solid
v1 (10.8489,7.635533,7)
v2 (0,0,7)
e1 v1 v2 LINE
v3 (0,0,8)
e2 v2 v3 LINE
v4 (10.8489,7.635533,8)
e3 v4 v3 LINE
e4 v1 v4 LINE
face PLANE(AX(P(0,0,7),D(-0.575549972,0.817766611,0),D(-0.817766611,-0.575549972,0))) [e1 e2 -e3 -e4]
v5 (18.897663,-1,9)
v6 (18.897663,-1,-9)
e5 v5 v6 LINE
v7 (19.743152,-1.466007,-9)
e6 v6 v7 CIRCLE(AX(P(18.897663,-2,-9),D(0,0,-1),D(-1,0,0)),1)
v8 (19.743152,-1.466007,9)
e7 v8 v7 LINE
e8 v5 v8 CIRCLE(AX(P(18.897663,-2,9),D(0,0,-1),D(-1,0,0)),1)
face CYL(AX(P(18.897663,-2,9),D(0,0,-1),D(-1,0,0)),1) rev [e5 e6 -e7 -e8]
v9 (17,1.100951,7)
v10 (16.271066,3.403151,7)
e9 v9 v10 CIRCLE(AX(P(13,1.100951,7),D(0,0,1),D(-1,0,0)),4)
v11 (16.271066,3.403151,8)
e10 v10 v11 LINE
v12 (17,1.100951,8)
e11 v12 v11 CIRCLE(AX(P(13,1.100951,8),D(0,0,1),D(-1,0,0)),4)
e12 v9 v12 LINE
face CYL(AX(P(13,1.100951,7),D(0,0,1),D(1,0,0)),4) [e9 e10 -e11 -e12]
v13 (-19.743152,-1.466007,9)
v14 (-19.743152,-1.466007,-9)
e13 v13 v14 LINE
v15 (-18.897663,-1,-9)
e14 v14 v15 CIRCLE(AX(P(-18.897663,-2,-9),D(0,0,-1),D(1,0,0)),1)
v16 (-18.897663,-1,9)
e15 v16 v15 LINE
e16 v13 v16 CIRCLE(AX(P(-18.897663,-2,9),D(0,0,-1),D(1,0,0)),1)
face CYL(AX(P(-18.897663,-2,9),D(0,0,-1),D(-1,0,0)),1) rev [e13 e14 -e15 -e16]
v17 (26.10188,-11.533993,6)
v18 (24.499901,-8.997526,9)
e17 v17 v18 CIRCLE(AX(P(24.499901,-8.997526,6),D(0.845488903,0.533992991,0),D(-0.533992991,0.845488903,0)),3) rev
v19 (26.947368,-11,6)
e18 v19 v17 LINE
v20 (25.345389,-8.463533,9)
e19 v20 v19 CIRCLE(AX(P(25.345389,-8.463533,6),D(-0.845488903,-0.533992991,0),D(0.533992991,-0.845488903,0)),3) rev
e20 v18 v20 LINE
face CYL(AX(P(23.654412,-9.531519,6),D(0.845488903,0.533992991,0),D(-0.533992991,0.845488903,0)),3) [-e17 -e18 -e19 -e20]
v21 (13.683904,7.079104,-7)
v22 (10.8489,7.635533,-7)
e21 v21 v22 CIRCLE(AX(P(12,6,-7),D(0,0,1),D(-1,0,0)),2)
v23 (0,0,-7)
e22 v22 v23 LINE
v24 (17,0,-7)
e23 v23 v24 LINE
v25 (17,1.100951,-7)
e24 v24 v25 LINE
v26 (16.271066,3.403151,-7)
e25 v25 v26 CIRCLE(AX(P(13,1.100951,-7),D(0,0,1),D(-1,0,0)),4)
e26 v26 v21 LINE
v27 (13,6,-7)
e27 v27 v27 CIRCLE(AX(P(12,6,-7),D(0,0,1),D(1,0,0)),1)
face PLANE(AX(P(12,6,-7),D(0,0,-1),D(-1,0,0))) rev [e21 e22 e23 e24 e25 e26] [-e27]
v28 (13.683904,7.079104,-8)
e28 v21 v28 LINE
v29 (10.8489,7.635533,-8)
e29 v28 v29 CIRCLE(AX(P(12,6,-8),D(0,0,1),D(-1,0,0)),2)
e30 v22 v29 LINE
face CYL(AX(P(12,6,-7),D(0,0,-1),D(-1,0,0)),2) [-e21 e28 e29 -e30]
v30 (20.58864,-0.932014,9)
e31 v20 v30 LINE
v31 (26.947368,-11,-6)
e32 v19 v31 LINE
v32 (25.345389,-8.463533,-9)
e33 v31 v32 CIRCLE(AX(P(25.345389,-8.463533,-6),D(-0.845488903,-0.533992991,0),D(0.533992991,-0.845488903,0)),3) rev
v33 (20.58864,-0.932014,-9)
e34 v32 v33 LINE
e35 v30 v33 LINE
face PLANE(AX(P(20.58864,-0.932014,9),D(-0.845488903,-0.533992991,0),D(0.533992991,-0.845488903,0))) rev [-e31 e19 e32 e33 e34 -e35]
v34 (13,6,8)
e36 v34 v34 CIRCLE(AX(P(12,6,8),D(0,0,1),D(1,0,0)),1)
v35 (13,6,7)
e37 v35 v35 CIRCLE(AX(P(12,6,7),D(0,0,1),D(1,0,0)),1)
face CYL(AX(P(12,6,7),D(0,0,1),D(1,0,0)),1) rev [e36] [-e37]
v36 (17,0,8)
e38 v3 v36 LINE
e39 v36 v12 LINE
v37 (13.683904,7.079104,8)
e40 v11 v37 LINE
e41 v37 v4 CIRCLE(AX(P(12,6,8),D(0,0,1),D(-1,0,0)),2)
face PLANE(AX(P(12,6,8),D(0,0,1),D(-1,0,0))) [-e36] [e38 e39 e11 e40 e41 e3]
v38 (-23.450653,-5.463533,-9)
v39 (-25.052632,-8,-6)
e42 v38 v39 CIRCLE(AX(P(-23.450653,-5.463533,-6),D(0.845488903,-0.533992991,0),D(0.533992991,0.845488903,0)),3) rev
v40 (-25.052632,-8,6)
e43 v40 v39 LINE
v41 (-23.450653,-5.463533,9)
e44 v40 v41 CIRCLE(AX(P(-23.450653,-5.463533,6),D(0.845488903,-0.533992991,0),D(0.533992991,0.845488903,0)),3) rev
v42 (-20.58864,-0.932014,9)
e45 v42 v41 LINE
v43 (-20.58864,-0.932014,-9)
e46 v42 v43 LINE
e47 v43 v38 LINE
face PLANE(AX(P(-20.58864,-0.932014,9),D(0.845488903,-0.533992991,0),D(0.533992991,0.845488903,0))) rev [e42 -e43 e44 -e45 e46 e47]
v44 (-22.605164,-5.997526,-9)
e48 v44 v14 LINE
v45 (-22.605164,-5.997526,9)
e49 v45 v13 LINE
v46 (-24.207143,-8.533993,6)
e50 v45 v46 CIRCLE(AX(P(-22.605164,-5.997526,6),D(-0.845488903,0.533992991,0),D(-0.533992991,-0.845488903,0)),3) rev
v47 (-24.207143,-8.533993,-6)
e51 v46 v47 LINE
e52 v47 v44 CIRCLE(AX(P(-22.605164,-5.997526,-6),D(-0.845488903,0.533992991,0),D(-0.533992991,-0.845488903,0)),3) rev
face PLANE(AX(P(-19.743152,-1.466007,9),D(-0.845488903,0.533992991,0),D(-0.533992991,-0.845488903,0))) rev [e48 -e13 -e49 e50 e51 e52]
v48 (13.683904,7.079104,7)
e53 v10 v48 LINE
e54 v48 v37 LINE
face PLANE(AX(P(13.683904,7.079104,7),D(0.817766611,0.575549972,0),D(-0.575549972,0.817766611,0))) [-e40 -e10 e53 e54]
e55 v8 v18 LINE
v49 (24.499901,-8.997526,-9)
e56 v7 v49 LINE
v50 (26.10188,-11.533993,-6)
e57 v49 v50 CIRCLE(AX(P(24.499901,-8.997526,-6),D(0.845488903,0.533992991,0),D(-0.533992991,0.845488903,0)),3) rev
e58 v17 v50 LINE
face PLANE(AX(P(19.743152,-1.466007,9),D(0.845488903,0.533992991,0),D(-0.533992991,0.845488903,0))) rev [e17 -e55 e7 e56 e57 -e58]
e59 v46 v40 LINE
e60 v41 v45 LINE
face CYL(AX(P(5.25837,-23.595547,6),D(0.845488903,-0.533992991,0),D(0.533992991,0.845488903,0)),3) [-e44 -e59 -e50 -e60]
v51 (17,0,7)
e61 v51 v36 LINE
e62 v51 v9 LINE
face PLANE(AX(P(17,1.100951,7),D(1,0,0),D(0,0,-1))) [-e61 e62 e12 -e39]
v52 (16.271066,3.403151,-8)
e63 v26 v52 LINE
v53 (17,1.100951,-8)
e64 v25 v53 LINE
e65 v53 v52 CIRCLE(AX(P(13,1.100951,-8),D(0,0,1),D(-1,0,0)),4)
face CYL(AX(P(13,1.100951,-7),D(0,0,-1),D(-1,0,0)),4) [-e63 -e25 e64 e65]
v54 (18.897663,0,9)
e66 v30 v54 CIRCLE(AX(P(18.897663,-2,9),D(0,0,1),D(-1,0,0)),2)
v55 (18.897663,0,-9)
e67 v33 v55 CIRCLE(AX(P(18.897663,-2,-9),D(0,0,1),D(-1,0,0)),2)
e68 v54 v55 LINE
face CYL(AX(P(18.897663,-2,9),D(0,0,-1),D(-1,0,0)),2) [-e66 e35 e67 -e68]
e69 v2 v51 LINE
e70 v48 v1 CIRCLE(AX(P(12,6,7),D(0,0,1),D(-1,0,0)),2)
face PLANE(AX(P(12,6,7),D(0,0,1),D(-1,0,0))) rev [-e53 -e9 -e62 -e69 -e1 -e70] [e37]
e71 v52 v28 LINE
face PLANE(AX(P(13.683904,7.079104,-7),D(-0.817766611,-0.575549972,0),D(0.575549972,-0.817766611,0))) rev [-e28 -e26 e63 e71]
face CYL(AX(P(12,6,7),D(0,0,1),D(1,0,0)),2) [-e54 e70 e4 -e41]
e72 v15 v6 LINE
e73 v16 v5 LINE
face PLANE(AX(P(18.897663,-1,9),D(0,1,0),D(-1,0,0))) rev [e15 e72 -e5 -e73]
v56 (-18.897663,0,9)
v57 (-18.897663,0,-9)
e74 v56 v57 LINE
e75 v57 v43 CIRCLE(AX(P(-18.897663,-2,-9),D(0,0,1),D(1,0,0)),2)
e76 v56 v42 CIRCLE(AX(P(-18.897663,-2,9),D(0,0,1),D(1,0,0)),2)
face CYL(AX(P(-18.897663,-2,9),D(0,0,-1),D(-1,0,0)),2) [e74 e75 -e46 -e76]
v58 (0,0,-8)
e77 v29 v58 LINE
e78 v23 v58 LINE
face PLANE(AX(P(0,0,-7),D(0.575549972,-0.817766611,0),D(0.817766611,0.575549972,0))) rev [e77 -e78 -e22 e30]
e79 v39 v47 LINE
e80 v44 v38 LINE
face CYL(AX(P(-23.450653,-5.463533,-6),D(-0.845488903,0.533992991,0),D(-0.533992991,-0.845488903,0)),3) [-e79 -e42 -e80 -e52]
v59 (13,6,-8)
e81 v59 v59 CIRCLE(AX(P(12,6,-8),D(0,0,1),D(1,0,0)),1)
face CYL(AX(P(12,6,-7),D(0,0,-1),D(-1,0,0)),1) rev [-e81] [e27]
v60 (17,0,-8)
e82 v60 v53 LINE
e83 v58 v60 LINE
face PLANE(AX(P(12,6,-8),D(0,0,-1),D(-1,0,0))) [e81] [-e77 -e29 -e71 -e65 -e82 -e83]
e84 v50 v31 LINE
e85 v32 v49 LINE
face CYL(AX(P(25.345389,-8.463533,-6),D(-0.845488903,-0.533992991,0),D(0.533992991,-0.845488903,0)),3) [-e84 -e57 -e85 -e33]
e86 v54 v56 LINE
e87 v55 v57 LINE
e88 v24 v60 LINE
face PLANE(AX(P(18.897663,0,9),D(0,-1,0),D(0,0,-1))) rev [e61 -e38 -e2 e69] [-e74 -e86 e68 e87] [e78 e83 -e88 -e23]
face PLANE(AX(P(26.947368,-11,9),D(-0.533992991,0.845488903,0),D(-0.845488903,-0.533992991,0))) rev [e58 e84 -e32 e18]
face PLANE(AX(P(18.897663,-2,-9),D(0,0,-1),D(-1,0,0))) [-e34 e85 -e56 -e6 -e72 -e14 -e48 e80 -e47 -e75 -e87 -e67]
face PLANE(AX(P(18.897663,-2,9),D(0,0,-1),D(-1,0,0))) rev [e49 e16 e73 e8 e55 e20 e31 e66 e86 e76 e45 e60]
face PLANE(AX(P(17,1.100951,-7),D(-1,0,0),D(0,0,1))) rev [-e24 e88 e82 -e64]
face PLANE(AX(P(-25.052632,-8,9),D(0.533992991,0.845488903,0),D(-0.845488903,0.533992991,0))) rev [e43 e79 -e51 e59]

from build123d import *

# Parameters (mm, degrees)
BOSS_EXTRUDE1_DEPTH = 9
BOSS_EXTRUDE2_START = -8
SKETCH3_R           = 1
BOSS_EXTRUDE2_DEPTH = 1
FILLET3_R           = 3


with BuildPart() as part:
    # Sketch1 → Boss-Extrude1 (new, symmetric)
    with BuildSketch(Plane.XY):
        with BuildLine():
            Line((18.897662626, 0), (-18.897662626, 0))
            ThreePointArc((-18.897662626, 0), (-19.863071357, -0.248433278), (-20.588640432, -0.932014017))
            Line((-20.588640432, -0.932014017), (-25.052631579, -8))
            Line((-25.052631579, -8), (-24.207142676, -8.533992991))
            Line((-24.207142676, -8.533992991), (-19.743151529, -1.466007009))
            ThreePointArc((-19.743151529, -1.466007009), (-19.380366991, -1.124216639), (-18.897662626, -1))
            Line((-18.897662626, -1), (18.897662626, -1))
            ThreePointArc((18.897662626, -1), (19.380366991, -1.124216639), (19.743151529, -1.466007009))
            Line((19.743151529, -1.466007009), (26.101879518, -11.533992991))
            Line((26.101879518, -11.533992991), (26.947368421, -11))
            Line((26.947368421, -11), (20.588640432, -0.932014017))
            ThreePointArc((20.588640432, -0.932014017), (19.863071357, -0.248433278), (18.897662626, 0))
        make_face()
    extrude(amount=BOSS_EXTRUDE1_DEPTH, both=True)

    # Sketch3 → Boss-Extrude2 (add)
    with BuildSketch(Plane.XY.offset(BOSS_EXTRUDE2_START)):
        with BuildLine():
            Line((0, 0), (10.848900056, 7.635533222))
            ThreePointArc((10.848900056, 7.635533222), (12.385192628, 7.962556149), (13.683904275, 7.07910444))
            Line((13.683904275, 7.07910444), (16.271066443, 3.403151108))
            ThreePointArc((16.271066443, 3.403151108), (16.813414859, 2.3083729), (17, 1.10095122))
            Line((17, 1.10095122), (17, 0))
            Line((17, 0), (0, 0))
        make_face()
        with Locations((12, 6)):
            Circle(SKETCH3_R, mode=Mode.SUBTRACT)
    boss_extrude2 = extrude(amount=BOSS_EXTRUDE2_DEPTH)

    # Mirror1: Boss-Extrude2 across plane
    add(boss_extrude2.mirror(Plane.XY))

    # Fillet3
    fillet3_edges = [part.edges().sort_by_distance(p)[0] for p in [
        (26.52462397, -11.266996496, 9),
        (-24.629887127, -8.266996496, -9),
        (26.52462397, -11.266996496, -9),
        (-24.629887127, -8.266996496, 9),
    ]]
    fillet(fillet3_edges, radius=FILLET3_R)


solid = part.part
